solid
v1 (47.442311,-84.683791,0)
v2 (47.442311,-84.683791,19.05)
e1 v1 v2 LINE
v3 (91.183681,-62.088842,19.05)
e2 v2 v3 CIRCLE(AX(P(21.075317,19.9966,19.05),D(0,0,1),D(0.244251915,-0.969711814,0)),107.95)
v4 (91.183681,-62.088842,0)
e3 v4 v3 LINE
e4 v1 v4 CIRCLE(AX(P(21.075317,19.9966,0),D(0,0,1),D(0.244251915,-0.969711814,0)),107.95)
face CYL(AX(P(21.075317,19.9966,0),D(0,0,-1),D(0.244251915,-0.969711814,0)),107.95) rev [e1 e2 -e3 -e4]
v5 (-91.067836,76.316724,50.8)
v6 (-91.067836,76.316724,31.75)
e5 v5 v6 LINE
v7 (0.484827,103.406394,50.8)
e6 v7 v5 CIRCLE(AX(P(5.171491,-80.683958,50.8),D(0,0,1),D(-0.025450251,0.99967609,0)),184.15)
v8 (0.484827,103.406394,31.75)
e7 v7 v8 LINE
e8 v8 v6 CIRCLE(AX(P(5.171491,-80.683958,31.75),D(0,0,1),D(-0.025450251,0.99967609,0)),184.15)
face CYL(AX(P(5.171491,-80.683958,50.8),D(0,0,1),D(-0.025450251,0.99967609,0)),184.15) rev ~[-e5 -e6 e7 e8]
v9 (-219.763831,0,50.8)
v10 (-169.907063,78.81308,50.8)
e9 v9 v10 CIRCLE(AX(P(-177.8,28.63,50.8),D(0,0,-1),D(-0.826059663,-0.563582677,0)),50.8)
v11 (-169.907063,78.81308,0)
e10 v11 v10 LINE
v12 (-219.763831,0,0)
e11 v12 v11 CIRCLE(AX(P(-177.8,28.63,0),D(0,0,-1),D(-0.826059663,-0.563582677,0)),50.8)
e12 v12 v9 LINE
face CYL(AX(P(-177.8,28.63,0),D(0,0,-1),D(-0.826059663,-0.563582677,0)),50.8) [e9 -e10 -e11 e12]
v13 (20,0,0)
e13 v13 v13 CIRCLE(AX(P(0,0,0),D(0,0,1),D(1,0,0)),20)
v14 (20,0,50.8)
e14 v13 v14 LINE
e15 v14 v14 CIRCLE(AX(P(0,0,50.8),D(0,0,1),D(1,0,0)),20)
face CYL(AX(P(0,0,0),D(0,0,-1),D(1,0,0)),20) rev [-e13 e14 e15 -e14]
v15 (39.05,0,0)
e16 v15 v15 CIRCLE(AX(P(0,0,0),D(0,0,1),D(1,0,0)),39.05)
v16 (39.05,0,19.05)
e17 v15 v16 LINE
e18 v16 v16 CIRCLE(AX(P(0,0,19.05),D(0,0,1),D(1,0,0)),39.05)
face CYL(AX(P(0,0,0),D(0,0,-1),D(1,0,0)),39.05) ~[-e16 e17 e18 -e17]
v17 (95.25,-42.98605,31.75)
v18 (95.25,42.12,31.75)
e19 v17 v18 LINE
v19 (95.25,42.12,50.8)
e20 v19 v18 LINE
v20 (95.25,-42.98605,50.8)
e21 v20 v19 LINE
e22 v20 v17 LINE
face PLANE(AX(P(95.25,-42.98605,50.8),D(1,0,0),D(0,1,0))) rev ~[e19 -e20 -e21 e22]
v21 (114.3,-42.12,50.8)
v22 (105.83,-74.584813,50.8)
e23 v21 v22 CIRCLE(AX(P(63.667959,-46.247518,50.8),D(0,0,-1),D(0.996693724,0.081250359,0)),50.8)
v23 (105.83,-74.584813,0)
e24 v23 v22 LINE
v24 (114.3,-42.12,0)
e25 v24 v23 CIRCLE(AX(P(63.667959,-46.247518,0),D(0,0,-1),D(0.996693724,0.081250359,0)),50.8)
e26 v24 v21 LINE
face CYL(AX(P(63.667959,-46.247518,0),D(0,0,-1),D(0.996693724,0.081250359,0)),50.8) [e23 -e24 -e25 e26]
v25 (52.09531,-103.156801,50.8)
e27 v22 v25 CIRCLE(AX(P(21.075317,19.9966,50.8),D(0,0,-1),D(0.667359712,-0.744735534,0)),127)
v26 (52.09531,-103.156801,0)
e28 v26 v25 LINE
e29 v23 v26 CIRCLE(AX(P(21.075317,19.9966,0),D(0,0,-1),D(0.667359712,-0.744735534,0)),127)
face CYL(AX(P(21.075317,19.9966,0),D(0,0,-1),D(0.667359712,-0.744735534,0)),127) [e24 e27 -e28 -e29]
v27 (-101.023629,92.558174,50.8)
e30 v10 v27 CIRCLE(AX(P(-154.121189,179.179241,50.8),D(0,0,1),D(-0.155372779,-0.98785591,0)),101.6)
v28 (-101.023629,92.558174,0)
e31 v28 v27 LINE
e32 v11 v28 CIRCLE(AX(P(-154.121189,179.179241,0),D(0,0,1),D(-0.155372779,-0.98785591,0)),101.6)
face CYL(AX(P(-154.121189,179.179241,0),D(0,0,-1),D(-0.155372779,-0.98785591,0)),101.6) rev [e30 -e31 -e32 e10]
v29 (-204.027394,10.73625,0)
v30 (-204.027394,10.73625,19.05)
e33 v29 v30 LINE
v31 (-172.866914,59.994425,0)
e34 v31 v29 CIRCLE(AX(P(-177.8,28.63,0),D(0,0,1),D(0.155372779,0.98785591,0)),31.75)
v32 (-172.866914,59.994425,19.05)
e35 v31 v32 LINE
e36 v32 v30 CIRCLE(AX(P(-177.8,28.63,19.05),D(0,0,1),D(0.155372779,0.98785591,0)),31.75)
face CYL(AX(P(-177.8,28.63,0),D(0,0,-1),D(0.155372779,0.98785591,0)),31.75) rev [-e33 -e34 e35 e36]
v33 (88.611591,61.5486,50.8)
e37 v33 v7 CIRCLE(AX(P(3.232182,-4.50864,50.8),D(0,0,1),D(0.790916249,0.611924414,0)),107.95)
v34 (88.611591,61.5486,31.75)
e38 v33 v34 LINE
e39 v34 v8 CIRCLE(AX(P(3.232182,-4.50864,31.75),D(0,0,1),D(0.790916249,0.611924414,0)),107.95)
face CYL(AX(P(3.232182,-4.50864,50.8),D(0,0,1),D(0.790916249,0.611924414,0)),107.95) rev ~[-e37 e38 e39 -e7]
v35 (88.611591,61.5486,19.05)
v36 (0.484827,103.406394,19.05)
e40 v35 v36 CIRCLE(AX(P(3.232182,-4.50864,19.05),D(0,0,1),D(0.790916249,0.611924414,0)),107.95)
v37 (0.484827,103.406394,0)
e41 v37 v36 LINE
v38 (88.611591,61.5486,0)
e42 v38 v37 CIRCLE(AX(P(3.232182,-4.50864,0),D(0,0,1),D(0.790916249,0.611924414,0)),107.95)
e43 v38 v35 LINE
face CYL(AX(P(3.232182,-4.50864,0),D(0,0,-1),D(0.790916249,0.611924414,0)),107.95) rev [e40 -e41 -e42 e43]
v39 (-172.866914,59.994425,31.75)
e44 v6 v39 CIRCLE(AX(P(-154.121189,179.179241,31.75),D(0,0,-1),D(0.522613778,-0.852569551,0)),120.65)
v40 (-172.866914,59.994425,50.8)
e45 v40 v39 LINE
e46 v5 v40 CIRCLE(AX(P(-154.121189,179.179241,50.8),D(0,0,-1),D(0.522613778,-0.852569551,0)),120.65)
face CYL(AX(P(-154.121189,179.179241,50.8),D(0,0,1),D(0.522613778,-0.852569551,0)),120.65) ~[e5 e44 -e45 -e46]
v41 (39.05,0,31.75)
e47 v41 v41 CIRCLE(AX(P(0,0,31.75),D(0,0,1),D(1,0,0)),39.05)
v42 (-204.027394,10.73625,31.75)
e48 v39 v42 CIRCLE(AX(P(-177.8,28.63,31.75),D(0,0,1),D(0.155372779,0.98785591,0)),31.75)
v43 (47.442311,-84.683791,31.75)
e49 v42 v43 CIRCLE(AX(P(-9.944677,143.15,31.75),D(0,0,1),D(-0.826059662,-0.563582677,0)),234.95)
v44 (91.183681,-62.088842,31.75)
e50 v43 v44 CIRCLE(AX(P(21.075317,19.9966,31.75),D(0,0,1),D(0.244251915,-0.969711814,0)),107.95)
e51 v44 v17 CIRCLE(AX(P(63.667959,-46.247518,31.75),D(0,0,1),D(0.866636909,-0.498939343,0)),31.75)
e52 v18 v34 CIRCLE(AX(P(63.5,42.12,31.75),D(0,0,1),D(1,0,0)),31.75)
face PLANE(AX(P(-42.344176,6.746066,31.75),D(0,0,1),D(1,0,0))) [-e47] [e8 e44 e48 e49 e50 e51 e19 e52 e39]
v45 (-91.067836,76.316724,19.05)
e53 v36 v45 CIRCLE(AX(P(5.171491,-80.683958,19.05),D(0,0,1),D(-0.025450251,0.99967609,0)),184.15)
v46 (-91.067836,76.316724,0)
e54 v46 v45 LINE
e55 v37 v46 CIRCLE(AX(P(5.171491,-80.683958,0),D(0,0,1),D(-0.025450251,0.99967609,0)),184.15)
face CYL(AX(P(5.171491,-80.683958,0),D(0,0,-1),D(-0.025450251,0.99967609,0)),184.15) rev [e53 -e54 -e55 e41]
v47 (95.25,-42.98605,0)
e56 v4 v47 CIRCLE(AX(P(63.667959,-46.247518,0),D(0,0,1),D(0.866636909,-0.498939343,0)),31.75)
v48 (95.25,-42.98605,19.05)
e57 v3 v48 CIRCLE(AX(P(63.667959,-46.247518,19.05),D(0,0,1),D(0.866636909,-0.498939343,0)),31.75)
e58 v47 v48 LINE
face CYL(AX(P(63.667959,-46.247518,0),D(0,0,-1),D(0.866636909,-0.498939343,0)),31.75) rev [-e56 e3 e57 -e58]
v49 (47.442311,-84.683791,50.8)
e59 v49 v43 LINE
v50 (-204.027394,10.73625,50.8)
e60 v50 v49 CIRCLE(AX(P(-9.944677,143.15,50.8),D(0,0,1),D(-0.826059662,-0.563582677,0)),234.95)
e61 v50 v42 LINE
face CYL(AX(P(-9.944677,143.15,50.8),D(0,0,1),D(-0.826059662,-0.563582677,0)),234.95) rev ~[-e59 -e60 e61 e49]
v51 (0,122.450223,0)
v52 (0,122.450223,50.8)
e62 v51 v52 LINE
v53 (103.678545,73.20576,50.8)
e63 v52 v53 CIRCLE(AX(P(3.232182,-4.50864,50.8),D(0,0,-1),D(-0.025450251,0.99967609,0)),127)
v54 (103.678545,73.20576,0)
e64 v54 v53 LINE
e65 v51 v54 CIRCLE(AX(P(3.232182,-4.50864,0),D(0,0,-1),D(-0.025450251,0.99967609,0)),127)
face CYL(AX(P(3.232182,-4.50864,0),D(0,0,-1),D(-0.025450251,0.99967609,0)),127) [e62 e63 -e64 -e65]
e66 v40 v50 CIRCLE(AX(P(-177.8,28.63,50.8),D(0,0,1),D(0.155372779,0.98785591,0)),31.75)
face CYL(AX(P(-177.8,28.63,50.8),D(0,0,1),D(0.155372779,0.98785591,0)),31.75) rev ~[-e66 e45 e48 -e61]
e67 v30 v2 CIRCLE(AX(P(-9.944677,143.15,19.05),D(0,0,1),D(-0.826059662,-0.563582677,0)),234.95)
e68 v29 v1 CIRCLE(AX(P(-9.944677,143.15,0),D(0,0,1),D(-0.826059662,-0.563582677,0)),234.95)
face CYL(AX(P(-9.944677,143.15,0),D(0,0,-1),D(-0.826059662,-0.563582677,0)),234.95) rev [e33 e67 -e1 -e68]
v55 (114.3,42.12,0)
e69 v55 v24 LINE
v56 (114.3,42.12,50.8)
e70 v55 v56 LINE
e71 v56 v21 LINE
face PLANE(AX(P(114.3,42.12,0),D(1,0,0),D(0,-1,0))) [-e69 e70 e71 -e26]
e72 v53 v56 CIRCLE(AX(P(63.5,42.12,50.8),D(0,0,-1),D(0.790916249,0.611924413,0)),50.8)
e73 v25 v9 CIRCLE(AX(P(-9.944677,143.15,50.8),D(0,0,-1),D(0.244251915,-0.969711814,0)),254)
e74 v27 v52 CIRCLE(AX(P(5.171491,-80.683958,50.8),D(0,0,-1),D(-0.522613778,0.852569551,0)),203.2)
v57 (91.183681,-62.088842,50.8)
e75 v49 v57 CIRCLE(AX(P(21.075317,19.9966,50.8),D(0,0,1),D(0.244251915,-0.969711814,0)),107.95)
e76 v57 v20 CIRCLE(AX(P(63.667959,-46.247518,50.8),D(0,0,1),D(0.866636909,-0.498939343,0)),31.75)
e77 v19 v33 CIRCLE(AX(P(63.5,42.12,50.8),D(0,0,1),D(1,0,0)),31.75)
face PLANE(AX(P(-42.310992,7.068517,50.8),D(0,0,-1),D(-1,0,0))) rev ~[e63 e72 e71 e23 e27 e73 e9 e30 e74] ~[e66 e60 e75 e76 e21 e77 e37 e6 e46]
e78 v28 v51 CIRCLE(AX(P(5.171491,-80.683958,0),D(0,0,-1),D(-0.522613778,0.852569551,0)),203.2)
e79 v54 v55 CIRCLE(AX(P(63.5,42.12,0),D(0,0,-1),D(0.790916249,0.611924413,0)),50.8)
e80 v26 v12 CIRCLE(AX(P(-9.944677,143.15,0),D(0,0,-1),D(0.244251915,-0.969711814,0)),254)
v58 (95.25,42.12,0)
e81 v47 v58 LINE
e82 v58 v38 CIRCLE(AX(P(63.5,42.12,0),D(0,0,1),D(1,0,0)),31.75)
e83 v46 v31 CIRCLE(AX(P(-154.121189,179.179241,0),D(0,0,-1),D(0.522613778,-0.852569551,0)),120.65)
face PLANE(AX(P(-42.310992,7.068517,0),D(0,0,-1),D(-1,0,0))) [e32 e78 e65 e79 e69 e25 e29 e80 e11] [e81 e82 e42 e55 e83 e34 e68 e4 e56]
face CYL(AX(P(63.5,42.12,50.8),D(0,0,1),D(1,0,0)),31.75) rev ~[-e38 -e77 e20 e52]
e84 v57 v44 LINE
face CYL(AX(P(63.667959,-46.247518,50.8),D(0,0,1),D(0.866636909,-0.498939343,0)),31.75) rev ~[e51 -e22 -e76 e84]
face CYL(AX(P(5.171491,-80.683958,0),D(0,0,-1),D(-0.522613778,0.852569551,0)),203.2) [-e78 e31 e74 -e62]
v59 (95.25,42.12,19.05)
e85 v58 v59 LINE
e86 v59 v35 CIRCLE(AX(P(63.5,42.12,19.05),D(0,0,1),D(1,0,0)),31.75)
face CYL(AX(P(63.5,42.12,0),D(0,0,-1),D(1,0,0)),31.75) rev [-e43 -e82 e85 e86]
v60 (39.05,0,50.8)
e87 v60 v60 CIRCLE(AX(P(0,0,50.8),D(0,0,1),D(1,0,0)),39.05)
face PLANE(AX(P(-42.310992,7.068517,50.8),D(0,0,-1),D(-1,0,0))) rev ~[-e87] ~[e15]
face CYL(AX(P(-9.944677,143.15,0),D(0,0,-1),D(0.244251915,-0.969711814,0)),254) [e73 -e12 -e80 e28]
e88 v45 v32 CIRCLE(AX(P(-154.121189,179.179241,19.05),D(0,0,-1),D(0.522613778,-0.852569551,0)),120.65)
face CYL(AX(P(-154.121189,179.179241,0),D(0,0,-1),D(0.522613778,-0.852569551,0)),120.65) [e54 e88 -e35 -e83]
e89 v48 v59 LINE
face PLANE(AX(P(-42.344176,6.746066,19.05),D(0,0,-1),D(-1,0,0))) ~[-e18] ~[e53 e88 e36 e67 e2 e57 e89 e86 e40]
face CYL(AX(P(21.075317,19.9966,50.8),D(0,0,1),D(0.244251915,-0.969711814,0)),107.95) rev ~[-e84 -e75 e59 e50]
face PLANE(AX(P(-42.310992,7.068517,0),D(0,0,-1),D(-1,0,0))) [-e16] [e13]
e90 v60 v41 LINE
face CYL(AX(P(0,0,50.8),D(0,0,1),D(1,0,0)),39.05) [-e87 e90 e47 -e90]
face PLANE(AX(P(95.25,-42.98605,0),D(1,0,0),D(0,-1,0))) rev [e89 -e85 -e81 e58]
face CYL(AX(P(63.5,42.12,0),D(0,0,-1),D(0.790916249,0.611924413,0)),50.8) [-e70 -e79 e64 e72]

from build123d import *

# Parameters (mm, degrees)
SKETCH1_R           = 20
BOSS_EXTRUDE1_DEPTH = 50.8
SKETCH2_R           = 39.05
CUT_EXTRUDE2_DEPTH  = 19.05


with BuildPart() as part:
    # Sketch1 → Boss-Extrude1 (new body)
    with BuildSketch(Plane.XY):
        with BuildLine():
            Line((114.3, 42.12), (114.3, -42.12))
            ThreePointArc((114.3, -42.12), (112.822576646, -59.071852399), (105.83, -74.584813154))
            ThreePointArc((105.83, -74.584813154), (80.699418732, -92.137099347), (52.095309818, -103.156800734))
            ThreePointArc((52.095309818, -103.156800734), (-100.055730281, -94.328415864), (-219.763830855, 0))
            ThreePointArc((-219.763830855, 0), (-220.731129195, 55.788021762), (-169.90706285, 78.813080248))
            ThreePointArc((-169.90706285, 78.813080248), (-134.239730538, 79.543465906), (-101.023628706, 92.558174376))
            ThreePointArc((-101.023628706, 92.558174376), (-52.482772845, 114.165280445), (0, 122.450223109))
            ThreePointArc((0, 122.450223109), (57.719827825, 110.208823216), (103.678545425, 73.205760206))
            ThreePointArc((103.678545425, 73.205760206), (111.571353775, 58.545131543), (114.3, 42.12))
        make_face()
        Circle(SKETCH1_R, mode=Mode.SUBTRACT)
    extrude(amount=BOSS_EXTRUDE1_DEPTH)

    # Sketch2 → Cut-Extrude2 (cut)
    with BuildSketch(Plane.XY.offset(50.8)):
        with BuildLine():
            ThreePointArc((95.25, 42.12), (93.54459611, 52.385707215), (88.61159089, 61.548600129))
            ThreePointArc((88.61159089, 61.548600129), (49.546680931, 93.001203687), (0.484827279, 103.406393597))
            ThreePointArc((0.484827279, 103.406393597), (-47.077685611, 95.898164307), (-91.067836236, 76.316724432))
            ThreePointArc((-91.067836236, 76.316724432), (-130.511957161, 60.861758124), (-172.866914281, 59.994425155))
            ThreePointArc((-172.866914281, 59.994425155), (-204.631955747, 45.603763601), (-204.027394284, 10.73625))
            ThreePointArc((-204.027394284, 10.73625), (-93.297401253, -76.517534674), (47.442310838, -84.683790679))
            ThreePointArc((47.442310838, -84.683790679), (70.618294037, -75.913232441), (91.183680686, -62.088842363))
            ThreePointArc((91.183680686, -62.088842363), (94.722194745, -52.857883684), (95.25, -42.986049939))
            Line((95.25, -42.986049939), (95.25, 42.12))
        make_face()
        Circle(SKETCH2_R, mode=Mode.SUBTRACT)
    cut_extrude2 = extrude(amount=-CUT_EXTRUDE2_DEPTH, mode=Mode.SUBTRACT)

    # Mirror5: Cut-Extrude2 across plane
    add(cut_extrude2.mirror(Plane.XY.offset(25.4)), mode=Mode.SUBTRACT)


solid = part.part
